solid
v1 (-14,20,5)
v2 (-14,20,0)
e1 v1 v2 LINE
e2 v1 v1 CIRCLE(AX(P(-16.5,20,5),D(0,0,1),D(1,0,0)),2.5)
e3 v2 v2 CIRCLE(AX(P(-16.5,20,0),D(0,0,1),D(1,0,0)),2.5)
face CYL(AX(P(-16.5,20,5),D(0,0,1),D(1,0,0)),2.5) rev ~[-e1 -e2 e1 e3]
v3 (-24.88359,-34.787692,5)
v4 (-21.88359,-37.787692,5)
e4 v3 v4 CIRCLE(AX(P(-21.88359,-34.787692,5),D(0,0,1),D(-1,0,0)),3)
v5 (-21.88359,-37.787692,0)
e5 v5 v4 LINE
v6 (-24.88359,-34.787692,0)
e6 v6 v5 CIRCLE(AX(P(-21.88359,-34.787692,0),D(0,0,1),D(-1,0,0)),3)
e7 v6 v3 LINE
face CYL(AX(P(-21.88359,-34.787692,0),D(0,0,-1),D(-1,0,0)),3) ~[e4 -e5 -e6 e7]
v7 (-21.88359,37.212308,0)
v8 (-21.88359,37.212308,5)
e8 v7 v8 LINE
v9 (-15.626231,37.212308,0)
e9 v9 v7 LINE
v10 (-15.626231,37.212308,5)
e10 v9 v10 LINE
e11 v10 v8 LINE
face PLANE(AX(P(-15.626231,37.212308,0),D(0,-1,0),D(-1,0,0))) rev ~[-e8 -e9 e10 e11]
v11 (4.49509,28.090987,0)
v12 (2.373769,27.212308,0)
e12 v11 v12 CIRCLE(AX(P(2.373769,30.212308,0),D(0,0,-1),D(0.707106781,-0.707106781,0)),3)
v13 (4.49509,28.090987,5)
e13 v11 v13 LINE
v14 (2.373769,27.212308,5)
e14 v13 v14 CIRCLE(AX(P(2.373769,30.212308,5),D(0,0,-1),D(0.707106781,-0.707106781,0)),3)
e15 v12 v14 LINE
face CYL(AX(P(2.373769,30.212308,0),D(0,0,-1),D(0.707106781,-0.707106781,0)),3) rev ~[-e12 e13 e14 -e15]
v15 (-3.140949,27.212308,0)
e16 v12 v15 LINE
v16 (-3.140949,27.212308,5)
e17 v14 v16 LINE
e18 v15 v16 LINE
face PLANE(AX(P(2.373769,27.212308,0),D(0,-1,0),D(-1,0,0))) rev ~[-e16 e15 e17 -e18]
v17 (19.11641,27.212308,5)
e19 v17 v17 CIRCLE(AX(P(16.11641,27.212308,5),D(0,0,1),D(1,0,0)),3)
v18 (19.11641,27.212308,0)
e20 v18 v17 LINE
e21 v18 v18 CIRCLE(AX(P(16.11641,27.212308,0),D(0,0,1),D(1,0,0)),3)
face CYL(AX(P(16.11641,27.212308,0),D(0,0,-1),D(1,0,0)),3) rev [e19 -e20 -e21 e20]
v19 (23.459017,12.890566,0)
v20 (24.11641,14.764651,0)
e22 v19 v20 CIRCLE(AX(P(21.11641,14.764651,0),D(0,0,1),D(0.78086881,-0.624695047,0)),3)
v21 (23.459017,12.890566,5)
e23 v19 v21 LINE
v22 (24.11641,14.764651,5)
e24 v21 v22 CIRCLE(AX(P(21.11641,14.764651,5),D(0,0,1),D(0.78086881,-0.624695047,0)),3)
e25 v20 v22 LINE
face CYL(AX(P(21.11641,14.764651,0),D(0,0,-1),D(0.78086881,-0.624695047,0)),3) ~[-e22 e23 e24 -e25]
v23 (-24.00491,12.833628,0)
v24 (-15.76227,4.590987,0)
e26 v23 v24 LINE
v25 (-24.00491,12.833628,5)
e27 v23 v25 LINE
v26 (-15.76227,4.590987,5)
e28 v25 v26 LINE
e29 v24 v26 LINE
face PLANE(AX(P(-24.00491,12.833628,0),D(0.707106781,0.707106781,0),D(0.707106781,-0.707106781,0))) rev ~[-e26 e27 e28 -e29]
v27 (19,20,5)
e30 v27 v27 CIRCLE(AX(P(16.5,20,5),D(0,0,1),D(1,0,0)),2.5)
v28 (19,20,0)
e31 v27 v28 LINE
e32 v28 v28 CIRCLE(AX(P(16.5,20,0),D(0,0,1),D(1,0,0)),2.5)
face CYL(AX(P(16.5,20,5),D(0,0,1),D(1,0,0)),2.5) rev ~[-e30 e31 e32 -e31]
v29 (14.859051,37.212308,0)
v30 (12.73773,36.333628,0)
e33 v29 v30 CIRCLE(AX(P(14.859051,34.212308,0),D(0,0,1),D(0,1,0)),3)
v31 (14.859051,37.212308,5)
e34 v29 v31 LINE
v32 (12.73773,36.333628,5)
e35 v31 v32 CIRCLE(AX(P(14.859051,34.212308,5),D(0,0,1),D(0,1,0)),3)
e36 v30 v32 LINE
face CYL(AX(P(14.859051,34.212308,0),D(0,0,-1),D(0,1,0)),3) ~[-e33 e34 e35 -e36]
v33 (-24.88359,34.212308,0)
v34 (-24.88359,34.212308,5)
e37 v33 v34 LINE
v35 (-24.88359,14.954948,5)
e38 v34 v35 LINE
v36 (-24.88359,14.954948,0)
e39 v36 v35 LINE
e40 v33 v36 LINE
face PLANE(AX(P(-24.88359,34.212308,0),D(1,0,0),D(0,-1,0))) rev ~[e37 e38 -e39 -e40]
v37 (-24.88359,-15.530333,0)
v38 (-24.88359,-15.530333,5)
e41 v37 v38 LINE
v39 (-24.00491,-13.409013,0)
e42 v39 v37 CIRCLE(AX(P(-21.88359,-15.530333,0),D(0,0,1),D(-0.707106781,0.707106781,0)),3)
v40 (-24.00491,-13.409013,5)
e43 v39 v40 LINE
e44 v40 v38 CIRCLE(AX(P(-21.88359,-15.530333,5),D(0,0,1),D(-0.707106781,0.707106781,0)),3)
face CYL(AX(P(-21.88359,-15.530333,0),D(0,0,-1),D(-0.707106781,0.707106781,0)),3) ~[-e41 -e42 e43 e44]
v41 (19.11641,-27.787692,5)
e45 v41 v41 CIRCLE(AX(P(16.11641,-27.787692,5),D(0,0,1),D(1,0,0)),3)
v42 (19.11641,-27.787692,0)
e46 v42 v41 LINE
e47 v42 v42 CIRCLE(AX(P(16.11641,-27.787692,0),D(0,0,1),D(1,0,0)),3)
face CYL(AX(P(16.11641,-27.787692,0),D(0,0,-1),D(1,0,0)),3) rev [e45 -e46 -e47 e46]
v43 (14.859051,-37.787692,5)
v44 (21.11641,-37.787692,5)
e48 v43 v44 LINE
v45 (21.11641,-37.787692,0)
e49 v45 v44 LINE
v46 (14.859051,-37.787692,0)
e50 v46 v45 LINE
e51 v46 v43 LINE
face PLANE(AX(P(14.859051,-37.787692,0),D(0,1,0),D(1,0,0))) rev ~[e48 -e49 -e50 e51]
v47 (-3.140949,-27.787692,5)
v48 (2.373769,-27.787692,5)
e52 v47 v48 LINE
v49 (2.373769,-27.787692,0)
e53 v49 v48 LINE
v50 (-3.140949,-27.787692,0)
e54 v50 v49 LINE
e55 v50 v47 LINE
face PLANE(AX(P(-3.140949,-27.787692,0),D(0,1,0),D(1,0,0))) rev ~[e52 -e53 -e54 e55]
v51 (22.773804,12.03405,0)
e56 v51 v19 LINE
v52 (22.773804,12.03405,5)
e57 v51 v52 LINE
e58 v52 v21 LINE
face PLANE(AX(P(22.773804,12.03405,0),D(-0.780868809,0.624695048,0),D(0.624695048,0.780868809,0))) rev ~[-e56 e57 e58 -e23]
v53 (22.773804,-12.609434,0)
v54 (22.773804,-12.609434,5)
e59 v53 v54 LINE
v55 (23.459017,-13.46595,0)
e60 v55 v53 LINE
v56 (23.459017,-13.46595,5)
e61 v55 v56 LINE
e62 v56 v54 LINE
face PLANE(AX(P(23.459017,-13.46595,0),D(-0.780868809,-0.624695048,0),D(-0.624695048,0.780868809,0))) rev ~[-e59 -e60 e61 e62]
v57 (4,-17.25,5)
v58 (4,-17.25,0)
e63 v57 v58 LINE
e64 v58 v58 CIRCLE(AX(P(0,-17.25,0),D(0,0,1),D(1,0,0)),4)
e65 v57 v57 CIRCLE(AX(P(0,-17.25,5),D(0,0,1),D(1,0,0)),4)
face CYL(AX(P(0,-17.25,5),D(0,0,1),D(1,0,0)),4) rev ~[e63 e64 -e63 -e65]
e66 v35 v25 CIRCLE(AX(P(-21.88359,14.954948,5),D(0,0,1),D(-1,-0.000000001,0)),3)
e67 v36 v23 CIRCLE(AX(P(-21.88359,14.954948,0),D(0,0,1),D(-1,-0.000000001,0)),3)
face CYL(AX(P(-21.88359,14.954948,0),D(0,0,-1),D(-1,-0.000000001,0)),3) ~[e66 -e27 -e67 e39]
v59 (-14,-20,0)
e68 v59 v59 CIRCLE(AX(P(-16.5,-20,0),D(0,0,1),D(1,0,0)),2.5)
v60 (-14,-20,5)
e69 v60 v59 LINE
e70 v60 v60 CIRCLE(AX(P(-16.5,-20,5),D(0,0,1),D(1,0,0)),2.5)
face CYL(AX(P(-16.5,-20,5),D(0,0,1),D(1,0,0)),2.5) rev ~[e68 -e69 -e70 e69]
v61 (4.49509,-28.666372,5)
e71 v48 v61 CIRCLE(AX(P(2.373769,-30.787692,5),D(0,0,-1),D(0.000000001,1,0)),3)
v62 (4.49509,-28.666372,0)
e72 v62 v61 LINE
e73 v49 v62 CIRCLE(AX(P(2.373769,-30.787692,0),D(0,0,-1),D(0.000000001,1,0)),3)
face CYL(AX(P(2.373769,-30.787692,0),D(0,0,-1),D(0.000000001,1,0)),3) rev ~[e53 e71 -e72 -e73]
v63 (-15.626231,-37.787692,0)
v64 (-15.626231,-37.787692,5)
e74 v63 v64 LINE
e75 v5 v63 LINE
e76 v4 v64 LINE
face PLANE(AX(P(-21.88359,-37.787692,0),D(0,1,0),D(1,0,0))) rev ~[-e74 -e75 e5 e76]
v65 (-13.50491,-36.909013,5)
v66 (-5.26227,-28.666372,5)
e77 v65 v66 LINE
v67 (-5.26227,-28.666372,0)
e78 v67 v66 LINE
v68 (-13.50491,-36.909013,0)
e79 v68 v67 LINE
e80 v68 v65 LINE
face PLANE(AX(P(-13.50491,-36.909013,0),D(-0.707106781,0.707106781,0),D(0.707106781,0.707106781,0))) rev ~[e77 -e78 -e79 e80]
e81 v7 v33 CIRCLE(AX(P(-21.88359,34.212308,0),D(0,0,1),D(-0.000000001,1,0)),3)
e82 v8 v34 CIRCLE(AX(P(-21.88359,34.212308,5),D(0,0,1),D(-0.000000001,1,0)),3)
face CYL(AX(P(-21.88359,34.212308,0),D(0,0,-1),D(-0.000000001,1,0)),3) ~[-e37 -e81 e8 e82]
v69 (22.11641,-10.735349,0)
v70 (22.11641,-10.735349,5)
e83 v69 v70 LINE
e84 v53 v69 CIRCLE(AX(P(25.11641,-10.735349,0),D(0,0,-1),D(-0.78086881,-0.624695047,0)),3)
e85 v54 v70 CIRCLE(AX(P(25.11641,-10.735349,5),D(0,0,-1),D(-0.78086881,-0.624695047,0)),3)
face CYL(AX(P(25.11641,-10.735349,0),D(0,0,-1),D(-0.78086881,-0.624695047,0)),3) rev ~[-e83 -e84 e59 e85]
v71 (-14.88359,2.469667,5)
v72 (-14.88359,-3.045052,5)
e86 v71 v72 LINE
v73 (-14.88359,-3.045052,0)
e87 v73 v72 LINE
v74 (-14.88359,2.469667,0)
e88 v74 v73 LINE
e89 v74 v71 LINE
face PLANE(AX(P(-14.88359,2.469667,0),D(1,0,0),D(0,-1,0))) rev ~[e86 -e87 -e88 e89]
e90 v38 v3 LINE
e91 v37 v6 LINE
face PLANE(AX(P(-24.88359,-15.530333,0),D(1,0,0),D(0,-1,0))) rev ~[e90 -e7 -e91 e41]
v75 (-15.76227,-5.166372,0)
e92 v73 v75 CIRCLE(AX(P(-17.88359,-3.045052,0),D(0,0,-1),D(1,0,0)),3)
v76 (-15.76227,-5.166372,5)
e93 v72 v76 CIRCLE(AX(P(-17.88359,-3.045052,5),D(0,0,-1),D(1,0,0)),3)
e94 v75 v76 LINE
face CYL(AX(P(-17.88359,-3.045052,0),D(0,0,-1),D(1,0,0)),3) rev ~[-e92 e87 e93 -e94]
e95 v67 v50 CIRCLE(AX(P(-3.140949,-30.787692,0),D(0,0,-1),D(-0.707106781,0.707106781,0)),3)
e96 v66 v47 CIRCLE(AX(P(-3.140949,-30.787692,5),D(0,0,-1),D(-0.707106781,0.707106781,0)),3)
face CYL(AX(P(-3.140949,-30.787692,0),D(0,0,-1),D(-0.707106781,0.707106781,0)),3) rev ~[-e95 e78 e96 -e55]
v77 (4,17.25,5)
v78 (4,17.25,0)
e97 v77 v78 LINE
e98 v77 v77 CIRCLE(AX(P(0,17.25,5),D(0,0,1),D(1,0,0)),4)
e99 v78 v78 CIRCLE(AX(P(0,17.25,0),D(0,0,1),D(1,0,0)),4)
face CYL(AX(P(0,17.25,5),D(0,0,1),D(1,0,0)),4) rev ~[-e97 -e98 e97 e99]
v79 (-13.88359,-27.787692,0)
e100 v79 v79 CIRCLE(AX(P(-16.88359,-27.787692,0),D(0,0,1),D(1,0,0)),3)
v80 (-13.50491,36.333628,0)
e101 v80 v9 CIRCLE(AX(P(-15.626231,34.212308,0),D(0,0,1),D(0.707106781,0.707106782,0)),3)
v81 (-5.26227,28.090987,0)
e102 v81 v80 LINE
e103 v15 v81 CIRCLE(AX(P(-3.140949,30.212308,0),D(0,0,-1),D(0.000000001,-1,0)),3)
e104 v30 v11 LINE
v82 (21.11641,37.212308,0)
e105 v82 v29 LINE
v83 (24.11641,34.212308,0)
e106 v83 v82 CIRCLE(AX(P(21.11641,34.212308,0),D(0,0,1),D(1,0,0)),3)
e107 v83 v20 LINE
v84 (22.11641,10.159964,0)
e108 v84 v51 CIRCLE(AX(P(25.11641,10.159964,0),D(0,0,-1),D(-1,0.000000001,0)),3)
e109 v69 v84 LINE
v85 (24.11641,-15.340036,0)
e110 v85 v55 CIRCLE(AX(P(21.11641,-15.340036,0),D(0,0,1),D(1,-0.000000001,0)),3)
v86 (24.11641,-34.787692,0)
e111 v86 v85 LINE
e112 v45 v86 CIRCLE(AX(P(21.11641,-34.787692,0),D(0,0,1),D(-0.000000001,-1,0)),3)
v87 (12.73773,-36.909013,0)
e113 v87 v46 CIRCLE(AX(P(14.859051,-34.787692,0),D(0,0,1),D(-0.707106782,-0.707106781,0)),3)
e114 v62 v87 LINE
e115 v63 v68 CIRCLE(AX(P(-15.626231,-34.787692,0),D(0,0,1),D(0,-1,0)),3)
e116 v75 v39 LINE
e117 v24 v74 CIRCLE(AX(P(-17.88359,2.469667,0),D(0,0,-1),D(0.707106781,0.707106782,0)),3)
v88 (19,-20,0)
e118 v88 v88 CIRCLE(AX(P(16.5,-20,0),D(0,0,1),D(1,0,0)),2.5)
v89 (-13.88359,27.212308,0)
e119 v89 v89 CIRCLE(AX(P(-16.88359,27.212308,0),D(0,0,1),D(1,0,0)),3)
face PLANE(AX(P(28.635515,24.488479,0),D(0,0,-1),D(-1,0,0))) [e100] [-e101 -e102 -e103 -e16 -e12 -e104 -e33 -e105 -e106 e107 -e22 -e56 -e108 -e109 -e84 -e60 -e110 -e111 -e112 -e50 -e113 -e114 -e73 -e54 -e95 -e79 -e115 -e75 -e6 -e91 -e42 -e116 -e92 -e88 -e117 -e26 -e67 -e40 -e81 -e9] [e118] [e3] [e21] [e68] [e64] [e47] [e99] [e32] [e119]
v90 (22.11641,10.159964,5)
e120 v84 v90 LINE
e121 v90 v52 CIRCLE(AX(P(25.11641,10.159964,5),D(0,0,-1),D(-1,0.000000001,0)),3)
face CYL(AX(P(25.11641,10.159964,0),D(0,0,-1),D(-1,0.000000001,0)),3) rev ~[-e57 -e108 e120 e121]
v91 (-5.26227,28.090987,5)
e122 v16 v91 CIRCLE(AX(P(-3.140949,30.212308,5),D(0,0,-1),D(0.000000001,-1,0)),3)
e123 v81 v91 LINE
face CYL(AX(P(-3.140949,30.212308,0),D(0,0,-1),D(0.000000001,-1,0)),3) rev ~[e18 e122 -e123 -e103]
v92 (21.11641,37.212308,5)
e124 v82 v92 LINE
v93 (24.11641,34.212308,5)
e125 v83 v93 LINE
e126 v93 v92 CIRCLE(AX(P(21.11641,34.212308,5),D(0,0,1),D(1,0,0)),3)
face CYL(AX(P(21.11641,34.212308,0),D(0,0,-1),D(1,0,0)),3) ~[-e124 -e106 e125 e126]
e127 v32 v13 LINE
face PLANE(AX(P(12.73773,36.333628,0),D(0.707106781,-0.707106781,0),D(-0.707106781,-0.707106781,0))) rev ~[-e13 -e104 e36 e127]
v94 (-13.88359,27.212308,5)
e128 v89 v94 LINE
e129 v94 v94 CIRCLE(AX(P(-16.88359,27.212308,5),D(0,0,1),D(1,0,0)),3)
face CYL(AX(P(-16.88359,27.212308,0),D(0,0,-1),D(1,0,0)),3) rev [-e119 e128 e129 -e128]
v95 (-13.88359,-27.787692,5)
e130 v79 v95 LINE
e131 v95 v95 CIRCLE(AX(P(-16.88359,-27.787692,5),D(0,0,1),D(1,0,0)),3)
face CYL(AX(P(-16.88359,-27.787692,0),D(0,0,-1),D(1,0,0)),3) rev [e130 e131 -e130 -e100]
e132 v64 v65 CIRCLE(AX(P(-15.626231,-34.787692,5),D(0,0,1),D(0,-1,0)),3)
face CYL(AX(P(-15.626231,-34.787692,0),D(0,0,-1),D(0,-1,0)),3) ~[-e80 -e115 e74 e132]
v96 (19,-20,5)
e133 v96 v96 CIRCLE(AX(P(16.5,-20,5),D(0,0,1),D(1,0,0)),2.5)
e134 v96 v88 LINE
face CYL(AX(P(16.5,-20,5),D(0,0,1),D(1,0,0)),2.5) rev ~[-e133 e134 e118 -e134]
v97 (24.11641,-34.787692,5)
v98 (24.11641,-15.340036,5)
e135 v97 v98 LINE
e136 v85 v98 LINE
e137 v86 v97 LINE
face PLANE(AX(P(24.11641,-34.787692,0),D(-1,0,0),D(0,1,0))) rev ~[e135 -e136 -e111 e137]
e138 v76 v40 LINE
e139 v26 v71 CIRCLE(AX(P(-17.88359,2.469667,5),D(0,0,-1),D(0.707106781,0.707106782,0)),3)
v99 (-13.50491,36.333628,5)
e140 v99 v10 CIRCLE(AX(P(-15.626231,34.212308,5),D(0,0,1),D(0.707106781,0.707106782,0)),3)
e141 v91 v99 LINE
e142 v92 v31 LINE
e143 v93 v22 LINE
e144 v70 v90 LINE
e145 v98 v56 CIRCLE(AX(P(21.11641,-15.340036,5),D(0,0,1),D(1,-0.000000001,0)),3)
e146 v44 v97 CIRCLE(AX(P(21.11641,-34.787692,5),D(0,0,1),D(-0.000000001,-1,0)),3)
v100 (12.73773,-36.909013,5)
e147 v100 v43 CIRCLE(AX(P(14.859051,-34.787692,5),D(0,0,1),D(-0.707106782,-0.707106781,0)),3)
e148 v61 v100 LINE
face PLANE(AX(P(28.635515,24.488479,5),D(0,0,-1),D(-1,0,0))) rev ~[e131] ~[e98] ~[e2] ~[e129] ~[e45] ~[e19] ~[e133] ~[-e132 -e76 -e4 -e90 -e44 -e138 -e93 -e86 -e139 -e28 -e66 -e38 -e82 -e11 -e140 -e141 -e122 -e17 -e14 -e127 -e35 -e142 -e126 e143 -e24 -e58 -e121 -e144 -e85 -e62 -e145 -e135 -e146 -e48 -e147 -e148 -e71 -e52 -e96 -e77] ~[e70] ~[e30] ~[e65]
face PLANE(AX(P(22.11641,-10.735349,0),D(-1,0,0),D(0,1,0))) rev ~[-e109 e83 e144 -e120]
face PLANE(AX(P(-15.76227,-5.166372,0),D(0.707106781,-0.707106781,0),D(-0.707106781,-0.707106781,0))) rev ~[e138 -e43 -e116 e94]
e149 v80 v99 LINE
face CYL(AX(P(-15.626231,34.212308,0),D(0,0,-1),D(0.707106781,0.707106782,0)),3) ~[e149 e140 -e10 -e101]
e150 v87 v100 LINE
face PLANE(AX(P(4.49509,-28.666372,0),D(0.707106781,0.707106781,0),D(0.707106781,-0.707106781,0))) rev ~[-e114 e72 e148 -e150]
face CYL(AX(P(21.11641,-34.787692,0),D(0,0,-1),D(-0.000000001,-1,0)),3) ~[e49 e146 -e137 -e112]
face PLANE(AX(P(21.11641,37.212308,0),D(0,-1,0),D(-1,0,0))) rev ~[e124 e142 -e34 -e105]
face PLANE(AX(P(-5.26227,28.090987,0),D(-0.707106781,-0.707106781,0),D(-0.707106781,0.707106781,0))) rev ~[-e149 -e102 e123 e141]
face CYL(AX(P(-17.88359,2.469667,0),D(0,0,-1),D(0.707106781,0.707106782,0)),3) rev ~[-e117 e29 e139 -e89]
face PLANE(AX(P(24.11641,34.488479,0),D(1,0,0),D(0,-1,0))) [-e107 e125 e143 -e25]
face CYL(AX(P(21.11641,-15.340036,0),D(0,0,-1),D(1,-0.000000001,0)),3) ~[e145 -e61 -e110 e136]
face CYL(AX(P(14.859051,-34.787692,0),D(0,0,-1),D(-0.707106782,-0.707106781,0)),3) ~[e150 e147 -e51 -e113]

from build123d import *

# Parameters (mm, degrees)
SKETCH2_R           = 3
BOSS_EXTRUDE1_DEPTH = 5
BOSS_EXTRUDE3_DEPTH = 5
CUT_EXTRUDE5_DEPTH  = 6
SKETCH10_R          = 4
SKETCH10_R_2        = 2.5
CUT_EXTRUDE6_DEPTH  = 10


with BuildPart() as part:
    # Sketch2 → Boss-Extrude1 (new body)
    with BuildSketch(Plane.XY):
        with BuildLine():
            Line((-15.626230545, 37.212307607), (-21.883589858, 37.212307607))
            ThreePointArc((-21.883589858, 37.212307607), (-24.004910201, 36.33362795), (-24.883589858, 34.212307607))
            Line((-24.883589858, 34.212307607), (-24.883589858, 14.954948294))
            ThreePointArc((-24.883589858, 14.954948294), (-24.655228455, 13.806897997), (-24.004910201, 12.83362795))
            Line((-24.004910201, 12.83362795), (-15.762269514, 4.590987263))
            ThreePointArc((-15.762269514, 4.590987263), (-15.11195126, 3.617717217), (-14.883589858, 2.46966692))
            Line((-14.883589858, 2.46966692), (-14.883589858, -3.045051706))
            ThreePointArc((-14.883589858, -3.045051706), (-15.11195126, -4.193102003), (-15.762269514, -5.16637205))
            Line((-15.762269514, -5.16637205), (-24.004910201, -13.409012737))
            ThreePointArc((-24.004910201, -13.409012737), (-24.655228455, -14.382282783), (-24.883589858, -15.53033308))
            Line((-24.883589858, -15.53033308), (-24.883589858, -34.787692393))
            ThreePointArc((-24.883589858, -34.787692393), (-24.004910201, -36.909012737), (-21.883589858, -37.787692393))
            Line((-21.883589858, -37.787692393), (-15.626230545, -37.787692393))
            ThreePointArc((-15.626230545, -37.787692393), (-14.478180248, -37.559330991), (-13.504910201, -36.909012737))
            Line((-13.504910201, -36.909012737), (-5.262269514, -28.66637205))
            ThreePointArc((-5.262269514, -28.66637205), (-4.288999468, -28.016053796), (-3.14094917, -27.787692393))
            Line((-3.14094917, -27.787692393), (2.373769455, -27.787692393))
            ThreePointArc((2.373769455, -27.787692393), (3.521819752, -28.016053796), (4.495089799, -28.66637205))
            Line((4.495089799, -28.66637205), (12.737730486, -36.909012737))
            ThreePointArc((12.737730486, -36.909012737), (13.711000532, -37.559330991), (14.85905083, -37.787692393))
            Line((14.85905083, -37.787692393), (21.116410142, -37.787692393))
            ThreePointArc((21.116410142, -37.787692393), (23.237730486, -36.909012737), (24.116410142, -34.787692393))
            Line((24.116410142, -34.787692393), (24.116410142, -15.340035571))
            ThreePointArc((24.116410142, -15.340035571), (23.9472951, -14.347014747), (23.459016571, -13.465950429))
            Line((23.459016571, -13.465950429), (22.773803714, -12.609434358))
            ThreePointArc((22.773803714, -12.609434358), (22.285525185, -11.728370039), (22.116410142, -10.735349215))
            Line((22.116410142, -10.735349215), (22.116410142, 10.159964429))
            ThreePointArc((22.116410142, 10.159964429), (22.285525185, 11.152985253), (22.773803714, 12.034049571))
            Line((22.773803714, 12.034049571), (23.459016571, 12.890565642))
            ThreePointArc((23.459016571, 12.890565642), (23.9472951, 13.771629961), (24.116410142, 14.764650785))
            Line((24.116410142, 14.764650785), (24.116410142, 34.212307607))
            ThreePointArc((24.116410142, 34.212307607), (23.237730486, 36.33362795), (21.116410142, 37.212307607))
            Line((21.116410142, 37.212307607), (14.85905083, 37.212307607))
            ThreePointArc((14.85905083, 37.212307607), (13.711000532, 36.983946204), (12.737730486, 36.33362795))
            Line((12.737730486, 36.33362795), (4.495089799, 28.090987263))
            ThreePointArc((4.495089799, 28.090987263), (3.521819752, 27.440669009), (2.373769455, 27.212307607))
            Line((2.373769455, 27.212307607), (-3.14094917, 27.212307607))
            ThreePointArc((-3.14094917, 27.212307607), (-4.288999468, 27.440669009), (-5.262269514, 28.090987263))
            Line((-5.262269514, 28.090987263), (-13.504910201, 36.33362795))
            ThreePointArc((-13.504910201, 36.33362795), (-14.478180248, 36.983946204), (-15.626230545, 37.212307607))
        make_face()
        with Locations((-16.883589858, -27.787692393)):
            Circle(SKETCH2_R, mode=Mode.SUBTRACT)
        with Locations((16.116410142, -27.787692393)):
            Circle(SKETCH2_R, mode=Mode.SUBTRACT)
        with Locations((16.116410142, 27.212307607)):
            Circle(SKETCH2_R, mode=Mode.SUBTRACT)
        with Locations((-16.883589858, 27.212307607)):
            Circle(SKETCH2_R, mode=Mode.SUBTRACT)
    extrude(amount=BOSS_EXTRUDE1_DEPTH)

    # Sketch7 → Boss-Extrude3 (add, through all)
    with BuildSketch(Plane(origin=(0, 0, 0), x_dir=(-1, 0, 0), z_dir=(0, 0, -1))):
        with BuildLine():
            Line((-24.116410142, 34.488479196), (-29.116410142, 34.488479196))
            ThreePointArc((-29.116410142, 34.488479196), (-32.651944048, 33.024013102), (-34.116410142, 29.488479196))
            Line((-34.116410142, 29.488479196), (-34.116410142, 19.488479196))
            ThreePointArc((-34.116410142, 19.488479196), (-32.651944048, 15.95294529), (-29.116410142, 14.488479196))
            Line((-29.116410142, 14.488479196), (-24.116410142, 14.488479196))
            Line((-24.116410142, 14.488479196), (-24.116410142, 34.488479196))
        make_face()
    extrude(amount=-BOSS_EXTRUDE3_DEPTH)

    # Sketch9 → Cut-Extrude5 (cut, through all)
    with BuildSketch(Plane(origin=(0, 0, 0), x_dir=(-1, 0, 0), z_dir=(0, 0, -1))):
        with BuildLine():
            Line((-24.116410142, 34.488479196), (-24.116410142, 14.488479196))
            Line((-24.116410142, 14.488479196), (-29.116410142, 14.488479196))
            ThreePointArc((-29.116410142, 14.488479196), (-32.651944048, 15.95294529), (-34.116410142, 19.488479196))
            Line((-34.116410142, 19.488479196), (-34.116410142, 29.488479196))
            ThreePointArc((-34.116410142, 29.488479196), (-32.651944048, 33.024013102), (-29.116410142, 34.488479196))
            Line((-29.116410142, 34.488479196), (-24.116410142, 34.488479196))
        make_face()
    extrude(amount=-CUT_EXTRUDE5_DEPTH, mode=Mode.SUBTRACT)

    # Sketch10 → Cut-Extrude6 (cut)
    with BuildSketch(Plane.XY.offset(5)):
        with Locations((0, 17.25)):
            Circle(SKETCH10_R)
        with Locations((0, -17.25)):
            Circle(SKETCH10_R)
        with Locations((16.5, 20)):
            Circle(SKETCH10_R_2)
        with Locations((16.5, -20)):
            Circle(SKETCH10_R_2)
        with Locations((-16.5, -20)):
            Circle(SKETCH10_R_2)
        with Locations((-16.5, 20)):
            Circle(SKETCH10_R_2)
    extrude(amount=-CUT_EXTRUDE6_DEPTH, mode=Mode.SUBTRACT)


solid = part.part
